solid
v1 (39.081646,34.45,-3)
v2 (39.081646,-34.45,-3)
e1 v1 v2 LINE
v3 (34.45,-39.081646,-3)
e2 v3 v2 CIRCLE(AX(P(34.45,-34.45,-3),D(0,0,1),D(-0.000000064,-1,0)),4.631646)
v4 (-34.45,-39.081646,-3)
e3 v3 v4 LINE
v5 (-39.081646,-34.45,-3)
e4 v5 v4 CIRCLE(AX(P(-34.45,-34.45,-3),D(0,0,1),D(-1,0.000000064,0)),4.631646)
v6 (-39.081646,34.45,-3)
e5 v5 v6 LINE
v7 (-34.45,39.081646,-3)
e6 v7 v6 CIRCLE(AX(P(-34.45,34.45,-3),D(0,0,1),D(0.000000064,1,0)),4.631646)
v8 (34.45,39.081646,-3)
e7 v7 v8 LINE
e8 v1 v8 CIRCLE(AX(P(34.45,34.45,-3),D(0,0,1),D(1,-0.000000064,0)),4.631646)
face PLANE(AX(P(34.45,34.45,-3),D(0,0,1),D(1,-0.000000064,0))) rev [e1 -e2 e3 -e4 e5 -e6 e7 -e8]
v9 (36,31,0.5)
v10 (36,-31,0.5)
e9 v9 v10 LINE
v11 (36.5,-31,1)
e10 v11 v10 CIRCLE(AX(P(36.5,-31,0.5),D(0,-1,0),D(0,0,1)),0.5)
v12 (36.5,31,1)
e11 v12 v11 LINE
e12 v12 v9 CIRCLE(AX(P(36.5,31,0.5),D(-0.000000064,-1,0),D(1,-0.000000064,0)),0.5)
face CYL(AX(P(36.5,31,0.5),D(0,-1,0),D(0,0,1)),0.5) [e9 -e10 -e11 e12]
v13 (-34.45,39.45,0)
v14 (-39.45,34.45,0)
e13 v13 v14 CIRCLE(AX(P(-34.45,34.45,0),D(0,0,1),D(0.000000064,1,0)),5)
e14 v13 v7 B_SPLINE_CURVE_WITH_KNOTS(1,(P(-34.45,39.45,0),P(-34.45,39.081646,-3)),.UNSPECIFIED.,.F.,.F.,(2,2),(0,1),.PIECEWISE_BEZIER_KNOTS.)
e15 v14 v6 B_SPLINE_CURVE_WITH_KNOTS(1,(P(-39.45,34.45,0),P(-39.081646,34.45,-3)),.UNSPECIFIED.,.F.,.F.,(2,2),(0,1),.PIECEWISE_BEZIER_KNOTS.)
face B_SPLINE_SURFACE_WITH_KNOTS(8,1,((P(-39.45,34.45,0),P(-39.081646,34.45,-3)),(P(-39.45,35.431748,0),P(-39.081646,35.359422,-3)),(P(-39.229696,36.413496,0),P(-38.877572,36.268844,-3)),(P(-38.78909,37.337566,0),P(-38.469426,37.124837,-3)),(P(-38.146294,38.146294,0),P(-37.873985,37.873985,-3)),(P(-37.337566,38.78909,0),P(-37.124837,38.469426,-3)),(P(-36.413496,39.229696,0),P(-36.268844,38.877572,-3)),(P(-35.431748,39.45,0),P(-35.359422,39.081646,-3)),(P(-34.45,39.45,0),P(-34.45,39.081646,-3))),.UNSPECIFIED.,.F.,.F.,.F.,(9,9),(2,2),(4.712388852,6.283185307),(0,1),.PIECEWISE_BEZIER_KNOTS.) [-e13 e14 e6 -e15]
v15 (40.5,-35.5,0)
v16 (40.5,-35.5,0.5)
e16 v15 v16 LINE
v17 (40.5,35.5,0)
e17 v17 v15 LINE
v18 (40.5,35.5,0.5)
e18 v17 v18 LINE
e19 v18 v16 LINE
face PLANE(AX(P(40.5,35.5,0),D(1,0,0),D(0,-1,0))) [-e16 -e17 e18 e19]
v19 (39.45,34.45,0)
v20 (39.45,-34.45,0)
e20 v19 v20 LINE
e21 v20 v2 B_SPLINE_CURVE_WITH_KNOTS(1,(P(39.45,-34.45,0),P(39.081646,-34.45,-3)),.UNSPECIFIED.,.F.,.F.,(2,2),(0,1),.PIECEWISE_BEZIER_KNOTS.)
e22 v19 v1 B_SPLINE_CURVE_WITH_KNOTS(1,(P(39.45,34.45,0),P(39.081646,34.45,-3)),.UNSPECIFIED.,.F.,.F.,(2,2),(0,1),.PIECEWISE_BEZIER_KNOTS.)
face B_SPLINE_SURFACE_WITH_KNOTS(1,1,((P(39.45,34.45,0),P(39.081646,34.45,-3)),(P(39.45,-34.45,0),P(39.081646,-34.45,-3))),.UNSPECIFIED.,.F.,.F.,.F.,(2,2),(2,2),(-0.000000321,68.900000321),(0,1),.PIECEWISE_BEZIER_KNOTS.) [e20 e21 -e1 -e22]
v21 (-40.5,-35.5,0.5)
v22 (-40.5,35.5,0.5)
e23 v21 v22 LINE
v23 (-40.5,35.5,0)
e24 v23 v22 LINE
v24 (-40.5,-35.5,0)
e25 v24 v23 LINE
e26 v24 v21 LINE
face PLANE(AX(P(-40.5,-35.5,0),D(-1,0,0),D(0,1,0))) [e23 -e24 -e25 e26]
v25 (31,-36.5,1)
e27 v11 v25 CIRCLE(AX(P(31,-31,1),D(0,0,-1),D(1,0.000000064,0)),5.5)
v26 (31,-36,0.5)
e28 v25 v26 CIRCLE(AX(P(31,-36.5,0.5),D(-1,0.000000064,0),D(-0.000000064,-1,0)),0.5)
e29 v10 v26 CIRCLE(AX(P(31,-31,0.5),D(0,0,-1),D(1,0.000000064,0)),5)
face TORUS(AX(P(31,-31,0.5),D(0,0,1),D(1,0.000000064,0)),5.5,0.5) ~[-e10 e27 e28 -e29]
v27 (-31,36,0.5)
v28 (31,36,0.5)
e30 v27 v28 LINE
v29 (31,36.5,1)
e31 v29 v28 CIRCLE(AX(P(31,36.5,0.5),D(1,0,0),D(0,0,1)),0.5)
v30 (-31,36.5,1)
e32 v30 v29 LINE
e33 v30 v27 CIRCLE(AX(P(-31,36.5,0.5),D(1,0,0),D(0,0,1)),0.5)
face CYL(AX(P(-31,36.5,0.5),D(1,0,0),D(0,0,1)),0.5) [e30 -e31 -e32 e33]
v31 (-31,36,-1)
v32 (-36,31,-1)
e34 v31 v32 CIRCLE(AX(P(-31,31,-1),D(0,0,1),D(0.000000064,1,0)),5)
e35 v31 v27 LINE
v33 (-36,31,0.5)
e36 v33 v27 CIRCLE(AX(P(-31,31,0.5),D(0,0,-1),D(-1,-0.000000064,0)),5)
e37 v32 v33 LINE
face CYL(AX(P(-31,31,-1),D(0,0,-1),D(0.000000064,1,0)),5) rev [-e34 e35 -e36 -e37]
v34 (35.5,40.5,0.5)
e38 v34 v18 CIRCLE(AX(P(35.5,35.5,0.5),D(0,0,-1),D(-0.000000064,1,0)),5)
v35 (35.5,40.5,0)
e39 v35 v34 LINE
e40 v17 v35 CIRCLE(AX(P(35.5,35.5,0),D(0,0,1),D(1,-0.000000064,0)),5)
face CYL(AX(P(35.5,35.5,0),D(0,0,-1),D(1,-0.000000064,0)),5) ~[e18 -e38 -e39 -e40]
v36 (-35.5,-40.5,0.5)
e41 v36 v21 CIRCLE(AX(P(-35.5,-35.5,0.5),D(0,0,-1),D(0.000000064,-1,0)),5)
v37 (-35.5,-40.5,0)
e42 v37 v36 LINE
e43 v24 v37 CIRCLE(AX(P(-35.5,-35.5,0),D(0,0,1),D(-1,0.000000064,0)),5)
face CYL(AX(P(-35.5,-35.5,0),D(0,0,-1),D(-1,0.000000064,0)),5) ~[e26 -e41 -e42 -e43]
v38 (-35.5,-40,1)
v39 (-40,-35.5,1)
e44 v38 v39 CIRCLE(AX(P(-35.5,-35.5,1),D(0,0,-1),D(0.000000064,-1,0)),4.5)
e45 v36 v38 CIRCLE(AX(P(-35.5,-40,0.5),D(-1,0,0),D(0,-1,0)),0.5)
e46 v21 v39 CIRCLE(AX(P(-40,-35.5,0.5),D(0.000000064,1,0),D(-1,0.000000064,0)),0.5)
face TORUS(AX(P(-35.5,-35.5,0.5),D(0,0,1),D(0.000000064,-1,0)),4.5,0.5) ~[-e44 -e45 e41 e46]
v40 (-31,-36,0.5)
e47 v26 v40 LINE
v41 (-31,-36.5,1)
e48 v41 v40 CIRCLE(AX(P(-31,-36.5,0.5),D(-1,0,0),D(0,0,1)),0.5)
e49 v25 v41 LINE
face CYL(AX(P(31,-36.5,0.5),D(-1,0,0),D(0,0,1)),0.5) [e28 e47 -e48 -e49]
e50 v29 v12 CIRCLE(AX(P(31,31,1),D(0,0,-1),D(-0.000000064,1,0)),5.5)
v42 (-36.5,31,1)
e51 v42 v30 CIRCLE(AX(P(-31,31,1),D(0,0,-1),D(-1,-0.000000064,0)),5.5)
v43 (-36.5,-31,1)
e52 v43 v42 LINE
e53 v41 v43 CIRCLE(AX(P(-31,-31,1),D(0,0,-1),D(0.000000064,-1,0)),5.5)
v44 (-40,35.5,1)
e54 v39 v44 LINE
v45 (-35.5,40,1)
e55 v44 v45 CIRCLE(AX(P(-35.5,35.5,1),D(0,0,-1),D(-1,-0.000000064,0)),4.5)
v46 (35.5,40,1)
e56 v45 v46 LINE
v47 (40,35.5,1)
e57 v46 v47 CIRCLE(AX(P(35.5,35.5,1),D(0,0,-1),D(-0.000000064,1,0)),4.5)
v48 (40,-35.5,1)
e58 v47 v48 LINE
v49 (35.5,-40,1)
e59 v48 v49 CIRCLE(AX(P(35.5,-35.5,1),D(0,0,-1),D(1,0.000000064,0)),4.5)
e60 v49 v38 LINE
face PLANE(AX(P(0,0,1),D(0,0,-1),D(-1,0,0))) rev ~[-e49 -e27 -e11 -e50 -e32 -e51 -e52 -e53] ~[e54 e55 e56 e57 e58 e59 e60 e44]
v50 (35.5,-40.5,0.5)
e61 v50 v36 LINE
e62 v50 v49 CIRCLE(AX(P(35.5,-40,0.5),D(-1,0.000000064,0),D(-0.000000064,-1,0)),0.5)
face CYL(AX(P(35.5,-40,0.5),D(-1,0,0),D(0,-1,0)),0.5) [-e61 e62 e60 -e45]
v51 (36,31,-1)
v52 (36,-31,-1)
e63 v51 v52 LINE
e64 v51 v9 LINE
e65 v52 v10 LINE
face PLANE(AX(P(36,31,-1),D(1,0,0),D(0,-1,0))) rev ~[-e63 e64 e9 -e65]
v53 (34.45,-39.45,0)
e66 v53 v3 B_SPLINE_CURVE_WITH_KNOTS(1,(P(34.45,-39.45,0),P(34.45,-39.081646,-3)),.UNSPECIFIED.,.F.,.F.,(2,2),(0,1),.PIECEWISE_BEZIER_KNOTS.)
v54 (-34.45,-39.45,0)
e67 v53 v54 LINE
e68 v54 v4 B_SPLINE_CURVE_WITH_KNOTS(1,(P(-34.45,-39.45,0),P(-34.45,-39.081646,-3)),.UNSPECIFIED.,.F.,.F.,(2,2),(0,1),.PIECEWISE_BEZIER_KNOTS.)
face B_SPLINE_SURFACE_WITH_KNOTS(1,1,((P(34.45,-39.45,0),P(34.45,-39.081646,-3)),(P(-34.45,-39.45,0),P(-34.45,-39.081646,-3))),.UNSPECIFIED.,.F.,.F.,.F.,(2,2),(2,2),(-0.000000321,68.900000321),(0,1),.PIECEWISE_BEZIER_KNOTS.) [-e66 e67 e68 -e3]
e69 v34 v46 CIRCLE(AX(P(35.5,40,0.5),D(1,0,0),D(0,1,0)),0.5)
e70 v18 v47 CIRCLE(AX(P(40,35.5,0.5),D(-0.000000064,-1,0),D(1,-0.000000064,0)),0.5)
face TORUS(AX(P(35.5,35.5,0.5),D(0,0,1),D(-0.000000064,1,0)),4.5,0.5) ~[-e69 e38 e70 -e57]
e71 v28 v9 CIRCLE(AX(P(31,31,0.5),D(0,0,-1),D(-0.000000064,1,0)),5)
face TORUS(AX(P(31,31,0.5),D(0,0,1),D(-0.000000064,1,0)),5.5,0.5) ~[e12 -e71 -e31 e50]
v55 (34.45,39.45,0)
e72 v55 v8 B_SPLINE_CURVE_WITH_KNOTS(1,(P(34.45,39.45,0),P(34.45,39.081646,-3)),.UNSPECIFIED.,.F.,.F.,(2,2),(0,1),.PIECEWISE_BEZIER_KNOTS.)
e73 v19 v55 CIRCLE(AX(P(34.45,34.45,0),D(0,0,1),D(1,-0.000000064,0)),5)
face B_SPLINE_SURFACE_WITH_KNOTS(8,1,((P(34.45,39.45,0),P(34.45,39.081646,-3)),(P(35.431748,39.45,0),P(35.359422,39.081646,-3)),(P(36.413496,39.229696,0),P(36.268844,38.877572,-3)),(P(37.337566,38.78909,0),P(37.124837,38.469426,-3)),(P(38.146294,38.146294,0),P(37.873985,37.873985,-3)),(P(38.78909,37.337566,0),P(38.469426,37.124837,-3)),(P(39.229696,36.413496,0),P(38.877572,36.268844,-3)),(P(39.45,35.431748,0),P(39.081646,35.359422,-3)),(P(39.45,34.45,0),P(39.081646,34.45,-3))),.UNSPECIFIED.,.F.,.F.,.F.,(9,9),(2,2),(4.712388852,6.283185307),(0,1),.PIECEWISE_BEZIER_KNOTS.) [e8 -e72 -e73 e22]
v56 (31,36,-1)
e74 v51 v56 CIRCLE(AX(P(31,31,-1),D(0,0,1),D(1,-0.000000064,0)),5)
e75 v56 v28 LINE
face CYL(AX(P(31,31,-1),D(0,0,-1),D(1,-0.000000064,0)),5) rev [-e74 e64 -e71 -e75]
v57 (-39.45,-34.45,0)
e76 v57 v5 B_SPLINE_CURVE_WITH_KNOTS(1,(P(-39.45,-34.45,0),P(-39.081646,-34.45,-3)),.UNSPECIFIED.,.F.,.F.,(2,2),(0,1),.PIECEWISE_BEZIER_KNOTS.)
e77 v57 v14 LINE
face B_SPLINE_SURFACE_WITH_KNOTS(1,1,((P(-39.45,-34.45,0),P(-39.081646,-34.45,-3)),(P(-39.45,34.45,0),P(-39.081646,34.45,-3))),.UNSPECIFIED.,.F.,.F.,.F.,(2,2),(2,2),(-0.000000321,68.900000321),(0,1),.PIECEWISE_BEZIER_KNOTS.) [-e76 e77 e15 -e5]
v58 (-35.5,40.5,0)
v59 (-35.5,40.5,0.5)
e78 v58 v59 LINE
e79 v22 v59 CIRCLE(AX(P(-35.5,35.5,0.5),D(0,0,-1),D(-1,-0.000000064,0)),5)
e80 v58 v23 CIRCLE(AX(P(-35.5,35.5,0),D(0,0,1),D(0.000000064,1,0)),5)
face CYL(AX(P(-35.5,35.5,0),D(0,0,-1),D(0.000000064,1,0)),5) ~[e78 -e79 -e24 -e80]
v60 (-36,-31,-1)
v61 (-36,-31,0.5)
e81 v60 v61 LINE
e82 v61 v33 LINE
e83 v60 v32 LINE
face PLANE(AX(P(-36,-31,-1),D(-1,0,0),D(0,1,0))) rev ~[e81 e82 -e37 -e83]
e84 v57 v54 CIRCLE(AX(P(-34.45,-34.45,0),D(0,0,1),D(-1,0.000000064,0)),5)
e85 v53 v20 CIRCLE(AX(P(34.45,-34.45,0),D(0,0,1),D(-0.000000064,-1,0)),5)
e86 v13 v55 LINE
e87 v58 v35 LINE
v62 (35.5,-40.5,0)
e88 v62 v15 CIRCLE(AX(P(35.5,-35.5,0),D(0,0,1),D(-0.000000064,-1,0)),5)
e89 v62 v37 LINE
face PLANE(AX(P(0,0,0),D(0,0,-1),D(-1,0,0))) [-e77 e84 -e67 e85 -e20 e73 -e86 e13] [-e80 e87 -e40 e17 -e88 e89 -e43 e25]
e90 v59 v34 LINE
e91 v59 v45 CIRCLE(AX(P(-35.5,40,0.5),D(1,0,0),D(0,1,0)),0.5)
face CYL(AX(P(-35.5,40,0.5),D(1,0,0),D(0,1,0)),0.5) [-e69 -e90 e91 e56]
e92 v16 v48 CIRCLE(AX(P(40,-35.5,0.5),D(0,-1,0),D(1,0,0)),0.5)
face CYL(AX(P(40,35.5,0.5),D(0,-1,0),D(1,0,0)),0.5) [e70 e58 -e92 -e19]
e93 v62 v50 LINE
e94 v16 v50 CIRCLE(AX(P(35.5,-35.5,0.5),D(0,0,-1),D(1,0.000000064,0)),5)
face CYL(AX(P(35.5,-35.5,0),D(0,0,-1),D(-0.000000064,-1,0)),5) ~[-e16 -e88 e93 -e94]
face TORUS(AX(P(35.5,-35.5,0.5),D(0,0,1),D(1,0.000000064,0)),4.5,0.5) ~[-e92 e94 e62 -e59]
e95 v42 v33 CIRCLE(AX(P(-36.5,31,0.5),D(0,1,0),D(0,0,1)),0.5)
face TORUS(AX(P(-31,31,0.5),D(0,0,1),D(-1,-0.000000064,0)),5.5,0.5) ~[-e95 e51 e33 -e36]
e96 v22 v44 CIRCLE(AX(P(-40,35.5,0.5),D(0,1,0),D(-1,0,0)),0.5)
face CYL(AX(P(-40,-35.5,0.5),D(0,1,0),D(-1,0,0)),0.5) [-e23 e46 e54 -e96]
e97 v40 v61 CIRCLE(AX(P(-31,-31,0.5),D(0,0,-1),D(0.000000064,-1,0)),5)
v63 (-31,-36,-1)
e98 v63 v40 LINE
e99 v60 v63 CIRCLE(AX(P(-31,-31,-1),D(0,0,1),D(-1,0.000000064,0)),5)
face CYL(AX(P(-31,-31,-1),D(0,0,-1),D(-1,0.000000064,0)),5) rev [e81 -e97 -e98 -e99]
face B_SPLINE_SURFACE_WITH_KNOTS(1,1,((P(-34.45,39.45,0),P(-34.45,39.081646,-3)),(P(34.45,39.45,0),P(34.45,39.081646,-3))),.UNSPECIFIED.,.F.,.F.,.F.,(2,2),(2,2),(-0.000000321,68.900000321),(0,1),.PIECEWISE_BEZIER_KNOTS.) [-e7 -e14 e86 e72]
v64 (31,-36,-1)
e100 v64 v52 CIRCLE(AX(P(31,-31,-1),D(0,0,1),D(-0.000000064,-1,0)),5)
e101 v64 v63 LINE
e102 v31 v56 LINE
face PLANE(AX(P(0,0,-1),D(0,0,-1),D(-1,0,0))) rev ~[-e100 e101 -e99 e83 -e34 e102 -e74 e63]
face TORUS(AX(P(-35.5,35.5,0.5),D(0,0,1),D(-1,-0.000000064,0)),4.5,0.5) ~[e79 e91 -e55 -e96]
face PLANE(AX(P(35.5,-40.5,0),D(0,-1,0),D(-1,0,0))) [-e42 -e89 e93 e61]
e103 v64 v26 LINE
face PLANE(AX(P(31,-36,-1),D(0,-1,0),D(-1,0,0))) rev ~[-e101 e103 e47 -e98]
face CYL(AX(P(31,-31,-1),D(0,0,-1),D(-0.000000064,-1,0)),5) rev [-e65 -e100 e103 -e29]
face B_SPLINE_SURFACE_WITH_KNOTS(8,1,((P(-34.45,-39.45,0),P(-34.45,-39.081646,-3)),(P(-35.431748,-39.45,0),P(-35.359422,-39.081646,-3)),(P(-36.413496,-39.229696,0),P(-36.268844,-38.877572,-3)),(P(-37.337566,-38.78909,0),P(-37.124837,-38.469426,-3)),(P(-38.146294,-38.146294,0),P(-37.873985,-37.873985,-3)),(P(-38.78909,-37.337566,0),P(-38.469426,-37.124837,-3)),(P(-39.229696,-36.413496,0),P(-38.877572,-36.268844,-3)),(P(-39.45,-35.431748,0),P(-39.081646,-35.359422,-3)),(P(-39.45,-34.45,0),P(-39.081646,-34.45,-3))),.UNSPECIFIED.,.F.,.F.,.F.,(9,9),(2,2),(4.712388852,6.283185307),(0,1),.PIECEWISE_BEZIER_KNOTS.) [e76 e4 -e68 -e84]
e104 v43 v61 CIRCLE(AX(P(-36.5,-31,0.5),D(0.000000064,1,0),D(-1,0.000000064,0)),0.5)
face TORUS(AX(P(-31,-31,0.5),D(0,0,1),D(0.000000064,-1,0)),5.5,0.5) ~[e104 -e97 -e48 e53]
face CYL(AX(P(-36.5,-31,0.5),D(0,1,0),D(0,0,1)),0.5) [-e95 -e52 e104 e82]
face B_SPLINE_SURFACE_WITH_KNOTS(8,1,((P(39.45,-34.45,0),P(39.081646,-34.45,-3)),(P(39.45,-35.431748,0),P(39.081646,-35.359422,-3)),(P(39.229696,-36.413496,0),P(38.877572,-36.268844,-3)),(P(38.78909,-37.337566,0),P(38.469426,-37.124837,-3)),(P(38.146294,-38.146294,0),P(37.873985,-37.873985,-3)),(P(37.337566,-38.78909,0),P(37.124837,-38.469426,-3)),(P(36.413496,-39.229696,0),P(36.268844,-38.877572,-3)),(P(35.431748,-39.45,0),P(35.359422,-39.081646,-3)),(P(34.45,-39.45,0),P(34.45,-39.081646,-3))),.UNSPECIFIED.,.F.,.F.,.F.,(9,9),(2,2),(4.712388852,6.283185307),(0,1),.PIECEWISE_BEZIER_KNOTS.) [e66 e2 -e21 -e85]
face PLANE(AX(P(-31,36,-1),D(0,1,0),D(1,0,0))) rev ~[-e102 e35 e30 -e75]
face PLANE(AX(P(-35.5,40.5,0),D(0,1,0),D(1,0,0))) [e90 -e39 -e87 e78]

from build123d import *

# Parameters (mm, degrees)
PAD_DEPTH    = 1
PAD001_DEPTH = 3
PAD001_TAPER = 7
POCKET_DEPTH = 2.001
FILLET002_R  = 0.5


with BuildPart() as part:
    # Sketch005 → Pad (new body)
    with BuildSketch(Plane.XY):
        with BuildLine():
            Line((-35.5, 40.5), (35.5, 40.5))
            ThreePointArc((40.5, 35.5), (39.035534, 39.035534), (35.5, 40.5))
            Line((40.5, 35.5), (40.5, -35.5))
            ThreePointArc((35.5, -40.5), (39.035534, -39.035534), (40.5, -35.5))
            Line((35.5, -40.5), (-35.5, -40.5))
            ThreePointArc((-40.5, -35.5), (-39.035534, -39.035534), (-35.5, -40.5))
            Line((-40.5, -35.5), (-40.5, 35.5))
            ThreePointArc((-35.5, 40.5), (-39.035534, 39.035534), (-40.5, 35.5))
        make_face()
    extrude(amount=PAD_DEPTH)

    # Sketch004 → Pad001 (join)
    with BuildSketch(Plane.XY):
        with BuildLine():
            Line((-34.45, 39.45), (34.45, 39.45))
            ThreePointArc((39.45, 34.45), (37.985534, 37.985534), (34.45, 39.45))
            Line((39.45, 34.45), (39.45, -34.45))
            ThreePointArc((34.45, -39.45), (37.985534, -37.985534), (39.45, -34.45))
            Line((34.45, -39.45), (-34.45, -39.45))
            ThreePointArc((-39.45, -34.45), (-37.985534, -37.985534), (-34.45, -39.45))
            Line((-39.45, -34.45), (-39.45, 34.45))
            ThreePointArc((-34.45, 39.45), (-37.985534, 37.985534), (-39.45, 34.45))
        make_face()
    extrude(amount=-PAD001_DEPTH, taper=PAD001_TAPER)

    # Sketch006 → Pocket (cut, through all)
    with BuildSketch(Plane.XY.offset(-1)):
        with BuildLine():
            Line((-31, 36), (31, 36))
            ThreePointArc((36, 31), (34.535534, 34.535534), (31, 36))
            Line((36, 31), (36, -31))
            ThreePointArc((31, -36), (34.535534, -34.535534), (36, -31))
            Line((31, -36), (-31, -36))
            ThreePointArc((-36, -31), (-34.535534, -34.535534), (-31, -36))
            Line((-36, -31), (-36, 31))
            ThreePointArc((-31, 36), (-34.535534, 34.535534), (-36, 31))
        make_face()
    extrude(amount=POCKET_DEPTH, mode=Mode.SUBTRACT)

    # Fillet002
    fillet002_edges = [part.edges().sort_by_distance(p)[0] for p in [
        (0, 36, 1),
        (-34.535534, 34.535534, 1),
        (-36, 0, 1),
        (-34.535534, -34.535534, 1),
        (0, -36, 1),
        (34.535534, -34.535534, 1),
        (36, 0, 1),
        (34.535534, 34.535534, 1),
        (0, 40.5, 1),
        (-39.035534, 39.035534, 1),
        (-40.5, 0, 1),
        (-39.035534, -39.035534, 1),
        (0, -40.5, 1),
        (39.035534, -39.035534, 1),
        (40.5, 0, 1),
        (39.035534, 39.035534, 1),
    ]]
    fillet(fillet002_edges, radius=FILLET002_R)


solid = part.part
